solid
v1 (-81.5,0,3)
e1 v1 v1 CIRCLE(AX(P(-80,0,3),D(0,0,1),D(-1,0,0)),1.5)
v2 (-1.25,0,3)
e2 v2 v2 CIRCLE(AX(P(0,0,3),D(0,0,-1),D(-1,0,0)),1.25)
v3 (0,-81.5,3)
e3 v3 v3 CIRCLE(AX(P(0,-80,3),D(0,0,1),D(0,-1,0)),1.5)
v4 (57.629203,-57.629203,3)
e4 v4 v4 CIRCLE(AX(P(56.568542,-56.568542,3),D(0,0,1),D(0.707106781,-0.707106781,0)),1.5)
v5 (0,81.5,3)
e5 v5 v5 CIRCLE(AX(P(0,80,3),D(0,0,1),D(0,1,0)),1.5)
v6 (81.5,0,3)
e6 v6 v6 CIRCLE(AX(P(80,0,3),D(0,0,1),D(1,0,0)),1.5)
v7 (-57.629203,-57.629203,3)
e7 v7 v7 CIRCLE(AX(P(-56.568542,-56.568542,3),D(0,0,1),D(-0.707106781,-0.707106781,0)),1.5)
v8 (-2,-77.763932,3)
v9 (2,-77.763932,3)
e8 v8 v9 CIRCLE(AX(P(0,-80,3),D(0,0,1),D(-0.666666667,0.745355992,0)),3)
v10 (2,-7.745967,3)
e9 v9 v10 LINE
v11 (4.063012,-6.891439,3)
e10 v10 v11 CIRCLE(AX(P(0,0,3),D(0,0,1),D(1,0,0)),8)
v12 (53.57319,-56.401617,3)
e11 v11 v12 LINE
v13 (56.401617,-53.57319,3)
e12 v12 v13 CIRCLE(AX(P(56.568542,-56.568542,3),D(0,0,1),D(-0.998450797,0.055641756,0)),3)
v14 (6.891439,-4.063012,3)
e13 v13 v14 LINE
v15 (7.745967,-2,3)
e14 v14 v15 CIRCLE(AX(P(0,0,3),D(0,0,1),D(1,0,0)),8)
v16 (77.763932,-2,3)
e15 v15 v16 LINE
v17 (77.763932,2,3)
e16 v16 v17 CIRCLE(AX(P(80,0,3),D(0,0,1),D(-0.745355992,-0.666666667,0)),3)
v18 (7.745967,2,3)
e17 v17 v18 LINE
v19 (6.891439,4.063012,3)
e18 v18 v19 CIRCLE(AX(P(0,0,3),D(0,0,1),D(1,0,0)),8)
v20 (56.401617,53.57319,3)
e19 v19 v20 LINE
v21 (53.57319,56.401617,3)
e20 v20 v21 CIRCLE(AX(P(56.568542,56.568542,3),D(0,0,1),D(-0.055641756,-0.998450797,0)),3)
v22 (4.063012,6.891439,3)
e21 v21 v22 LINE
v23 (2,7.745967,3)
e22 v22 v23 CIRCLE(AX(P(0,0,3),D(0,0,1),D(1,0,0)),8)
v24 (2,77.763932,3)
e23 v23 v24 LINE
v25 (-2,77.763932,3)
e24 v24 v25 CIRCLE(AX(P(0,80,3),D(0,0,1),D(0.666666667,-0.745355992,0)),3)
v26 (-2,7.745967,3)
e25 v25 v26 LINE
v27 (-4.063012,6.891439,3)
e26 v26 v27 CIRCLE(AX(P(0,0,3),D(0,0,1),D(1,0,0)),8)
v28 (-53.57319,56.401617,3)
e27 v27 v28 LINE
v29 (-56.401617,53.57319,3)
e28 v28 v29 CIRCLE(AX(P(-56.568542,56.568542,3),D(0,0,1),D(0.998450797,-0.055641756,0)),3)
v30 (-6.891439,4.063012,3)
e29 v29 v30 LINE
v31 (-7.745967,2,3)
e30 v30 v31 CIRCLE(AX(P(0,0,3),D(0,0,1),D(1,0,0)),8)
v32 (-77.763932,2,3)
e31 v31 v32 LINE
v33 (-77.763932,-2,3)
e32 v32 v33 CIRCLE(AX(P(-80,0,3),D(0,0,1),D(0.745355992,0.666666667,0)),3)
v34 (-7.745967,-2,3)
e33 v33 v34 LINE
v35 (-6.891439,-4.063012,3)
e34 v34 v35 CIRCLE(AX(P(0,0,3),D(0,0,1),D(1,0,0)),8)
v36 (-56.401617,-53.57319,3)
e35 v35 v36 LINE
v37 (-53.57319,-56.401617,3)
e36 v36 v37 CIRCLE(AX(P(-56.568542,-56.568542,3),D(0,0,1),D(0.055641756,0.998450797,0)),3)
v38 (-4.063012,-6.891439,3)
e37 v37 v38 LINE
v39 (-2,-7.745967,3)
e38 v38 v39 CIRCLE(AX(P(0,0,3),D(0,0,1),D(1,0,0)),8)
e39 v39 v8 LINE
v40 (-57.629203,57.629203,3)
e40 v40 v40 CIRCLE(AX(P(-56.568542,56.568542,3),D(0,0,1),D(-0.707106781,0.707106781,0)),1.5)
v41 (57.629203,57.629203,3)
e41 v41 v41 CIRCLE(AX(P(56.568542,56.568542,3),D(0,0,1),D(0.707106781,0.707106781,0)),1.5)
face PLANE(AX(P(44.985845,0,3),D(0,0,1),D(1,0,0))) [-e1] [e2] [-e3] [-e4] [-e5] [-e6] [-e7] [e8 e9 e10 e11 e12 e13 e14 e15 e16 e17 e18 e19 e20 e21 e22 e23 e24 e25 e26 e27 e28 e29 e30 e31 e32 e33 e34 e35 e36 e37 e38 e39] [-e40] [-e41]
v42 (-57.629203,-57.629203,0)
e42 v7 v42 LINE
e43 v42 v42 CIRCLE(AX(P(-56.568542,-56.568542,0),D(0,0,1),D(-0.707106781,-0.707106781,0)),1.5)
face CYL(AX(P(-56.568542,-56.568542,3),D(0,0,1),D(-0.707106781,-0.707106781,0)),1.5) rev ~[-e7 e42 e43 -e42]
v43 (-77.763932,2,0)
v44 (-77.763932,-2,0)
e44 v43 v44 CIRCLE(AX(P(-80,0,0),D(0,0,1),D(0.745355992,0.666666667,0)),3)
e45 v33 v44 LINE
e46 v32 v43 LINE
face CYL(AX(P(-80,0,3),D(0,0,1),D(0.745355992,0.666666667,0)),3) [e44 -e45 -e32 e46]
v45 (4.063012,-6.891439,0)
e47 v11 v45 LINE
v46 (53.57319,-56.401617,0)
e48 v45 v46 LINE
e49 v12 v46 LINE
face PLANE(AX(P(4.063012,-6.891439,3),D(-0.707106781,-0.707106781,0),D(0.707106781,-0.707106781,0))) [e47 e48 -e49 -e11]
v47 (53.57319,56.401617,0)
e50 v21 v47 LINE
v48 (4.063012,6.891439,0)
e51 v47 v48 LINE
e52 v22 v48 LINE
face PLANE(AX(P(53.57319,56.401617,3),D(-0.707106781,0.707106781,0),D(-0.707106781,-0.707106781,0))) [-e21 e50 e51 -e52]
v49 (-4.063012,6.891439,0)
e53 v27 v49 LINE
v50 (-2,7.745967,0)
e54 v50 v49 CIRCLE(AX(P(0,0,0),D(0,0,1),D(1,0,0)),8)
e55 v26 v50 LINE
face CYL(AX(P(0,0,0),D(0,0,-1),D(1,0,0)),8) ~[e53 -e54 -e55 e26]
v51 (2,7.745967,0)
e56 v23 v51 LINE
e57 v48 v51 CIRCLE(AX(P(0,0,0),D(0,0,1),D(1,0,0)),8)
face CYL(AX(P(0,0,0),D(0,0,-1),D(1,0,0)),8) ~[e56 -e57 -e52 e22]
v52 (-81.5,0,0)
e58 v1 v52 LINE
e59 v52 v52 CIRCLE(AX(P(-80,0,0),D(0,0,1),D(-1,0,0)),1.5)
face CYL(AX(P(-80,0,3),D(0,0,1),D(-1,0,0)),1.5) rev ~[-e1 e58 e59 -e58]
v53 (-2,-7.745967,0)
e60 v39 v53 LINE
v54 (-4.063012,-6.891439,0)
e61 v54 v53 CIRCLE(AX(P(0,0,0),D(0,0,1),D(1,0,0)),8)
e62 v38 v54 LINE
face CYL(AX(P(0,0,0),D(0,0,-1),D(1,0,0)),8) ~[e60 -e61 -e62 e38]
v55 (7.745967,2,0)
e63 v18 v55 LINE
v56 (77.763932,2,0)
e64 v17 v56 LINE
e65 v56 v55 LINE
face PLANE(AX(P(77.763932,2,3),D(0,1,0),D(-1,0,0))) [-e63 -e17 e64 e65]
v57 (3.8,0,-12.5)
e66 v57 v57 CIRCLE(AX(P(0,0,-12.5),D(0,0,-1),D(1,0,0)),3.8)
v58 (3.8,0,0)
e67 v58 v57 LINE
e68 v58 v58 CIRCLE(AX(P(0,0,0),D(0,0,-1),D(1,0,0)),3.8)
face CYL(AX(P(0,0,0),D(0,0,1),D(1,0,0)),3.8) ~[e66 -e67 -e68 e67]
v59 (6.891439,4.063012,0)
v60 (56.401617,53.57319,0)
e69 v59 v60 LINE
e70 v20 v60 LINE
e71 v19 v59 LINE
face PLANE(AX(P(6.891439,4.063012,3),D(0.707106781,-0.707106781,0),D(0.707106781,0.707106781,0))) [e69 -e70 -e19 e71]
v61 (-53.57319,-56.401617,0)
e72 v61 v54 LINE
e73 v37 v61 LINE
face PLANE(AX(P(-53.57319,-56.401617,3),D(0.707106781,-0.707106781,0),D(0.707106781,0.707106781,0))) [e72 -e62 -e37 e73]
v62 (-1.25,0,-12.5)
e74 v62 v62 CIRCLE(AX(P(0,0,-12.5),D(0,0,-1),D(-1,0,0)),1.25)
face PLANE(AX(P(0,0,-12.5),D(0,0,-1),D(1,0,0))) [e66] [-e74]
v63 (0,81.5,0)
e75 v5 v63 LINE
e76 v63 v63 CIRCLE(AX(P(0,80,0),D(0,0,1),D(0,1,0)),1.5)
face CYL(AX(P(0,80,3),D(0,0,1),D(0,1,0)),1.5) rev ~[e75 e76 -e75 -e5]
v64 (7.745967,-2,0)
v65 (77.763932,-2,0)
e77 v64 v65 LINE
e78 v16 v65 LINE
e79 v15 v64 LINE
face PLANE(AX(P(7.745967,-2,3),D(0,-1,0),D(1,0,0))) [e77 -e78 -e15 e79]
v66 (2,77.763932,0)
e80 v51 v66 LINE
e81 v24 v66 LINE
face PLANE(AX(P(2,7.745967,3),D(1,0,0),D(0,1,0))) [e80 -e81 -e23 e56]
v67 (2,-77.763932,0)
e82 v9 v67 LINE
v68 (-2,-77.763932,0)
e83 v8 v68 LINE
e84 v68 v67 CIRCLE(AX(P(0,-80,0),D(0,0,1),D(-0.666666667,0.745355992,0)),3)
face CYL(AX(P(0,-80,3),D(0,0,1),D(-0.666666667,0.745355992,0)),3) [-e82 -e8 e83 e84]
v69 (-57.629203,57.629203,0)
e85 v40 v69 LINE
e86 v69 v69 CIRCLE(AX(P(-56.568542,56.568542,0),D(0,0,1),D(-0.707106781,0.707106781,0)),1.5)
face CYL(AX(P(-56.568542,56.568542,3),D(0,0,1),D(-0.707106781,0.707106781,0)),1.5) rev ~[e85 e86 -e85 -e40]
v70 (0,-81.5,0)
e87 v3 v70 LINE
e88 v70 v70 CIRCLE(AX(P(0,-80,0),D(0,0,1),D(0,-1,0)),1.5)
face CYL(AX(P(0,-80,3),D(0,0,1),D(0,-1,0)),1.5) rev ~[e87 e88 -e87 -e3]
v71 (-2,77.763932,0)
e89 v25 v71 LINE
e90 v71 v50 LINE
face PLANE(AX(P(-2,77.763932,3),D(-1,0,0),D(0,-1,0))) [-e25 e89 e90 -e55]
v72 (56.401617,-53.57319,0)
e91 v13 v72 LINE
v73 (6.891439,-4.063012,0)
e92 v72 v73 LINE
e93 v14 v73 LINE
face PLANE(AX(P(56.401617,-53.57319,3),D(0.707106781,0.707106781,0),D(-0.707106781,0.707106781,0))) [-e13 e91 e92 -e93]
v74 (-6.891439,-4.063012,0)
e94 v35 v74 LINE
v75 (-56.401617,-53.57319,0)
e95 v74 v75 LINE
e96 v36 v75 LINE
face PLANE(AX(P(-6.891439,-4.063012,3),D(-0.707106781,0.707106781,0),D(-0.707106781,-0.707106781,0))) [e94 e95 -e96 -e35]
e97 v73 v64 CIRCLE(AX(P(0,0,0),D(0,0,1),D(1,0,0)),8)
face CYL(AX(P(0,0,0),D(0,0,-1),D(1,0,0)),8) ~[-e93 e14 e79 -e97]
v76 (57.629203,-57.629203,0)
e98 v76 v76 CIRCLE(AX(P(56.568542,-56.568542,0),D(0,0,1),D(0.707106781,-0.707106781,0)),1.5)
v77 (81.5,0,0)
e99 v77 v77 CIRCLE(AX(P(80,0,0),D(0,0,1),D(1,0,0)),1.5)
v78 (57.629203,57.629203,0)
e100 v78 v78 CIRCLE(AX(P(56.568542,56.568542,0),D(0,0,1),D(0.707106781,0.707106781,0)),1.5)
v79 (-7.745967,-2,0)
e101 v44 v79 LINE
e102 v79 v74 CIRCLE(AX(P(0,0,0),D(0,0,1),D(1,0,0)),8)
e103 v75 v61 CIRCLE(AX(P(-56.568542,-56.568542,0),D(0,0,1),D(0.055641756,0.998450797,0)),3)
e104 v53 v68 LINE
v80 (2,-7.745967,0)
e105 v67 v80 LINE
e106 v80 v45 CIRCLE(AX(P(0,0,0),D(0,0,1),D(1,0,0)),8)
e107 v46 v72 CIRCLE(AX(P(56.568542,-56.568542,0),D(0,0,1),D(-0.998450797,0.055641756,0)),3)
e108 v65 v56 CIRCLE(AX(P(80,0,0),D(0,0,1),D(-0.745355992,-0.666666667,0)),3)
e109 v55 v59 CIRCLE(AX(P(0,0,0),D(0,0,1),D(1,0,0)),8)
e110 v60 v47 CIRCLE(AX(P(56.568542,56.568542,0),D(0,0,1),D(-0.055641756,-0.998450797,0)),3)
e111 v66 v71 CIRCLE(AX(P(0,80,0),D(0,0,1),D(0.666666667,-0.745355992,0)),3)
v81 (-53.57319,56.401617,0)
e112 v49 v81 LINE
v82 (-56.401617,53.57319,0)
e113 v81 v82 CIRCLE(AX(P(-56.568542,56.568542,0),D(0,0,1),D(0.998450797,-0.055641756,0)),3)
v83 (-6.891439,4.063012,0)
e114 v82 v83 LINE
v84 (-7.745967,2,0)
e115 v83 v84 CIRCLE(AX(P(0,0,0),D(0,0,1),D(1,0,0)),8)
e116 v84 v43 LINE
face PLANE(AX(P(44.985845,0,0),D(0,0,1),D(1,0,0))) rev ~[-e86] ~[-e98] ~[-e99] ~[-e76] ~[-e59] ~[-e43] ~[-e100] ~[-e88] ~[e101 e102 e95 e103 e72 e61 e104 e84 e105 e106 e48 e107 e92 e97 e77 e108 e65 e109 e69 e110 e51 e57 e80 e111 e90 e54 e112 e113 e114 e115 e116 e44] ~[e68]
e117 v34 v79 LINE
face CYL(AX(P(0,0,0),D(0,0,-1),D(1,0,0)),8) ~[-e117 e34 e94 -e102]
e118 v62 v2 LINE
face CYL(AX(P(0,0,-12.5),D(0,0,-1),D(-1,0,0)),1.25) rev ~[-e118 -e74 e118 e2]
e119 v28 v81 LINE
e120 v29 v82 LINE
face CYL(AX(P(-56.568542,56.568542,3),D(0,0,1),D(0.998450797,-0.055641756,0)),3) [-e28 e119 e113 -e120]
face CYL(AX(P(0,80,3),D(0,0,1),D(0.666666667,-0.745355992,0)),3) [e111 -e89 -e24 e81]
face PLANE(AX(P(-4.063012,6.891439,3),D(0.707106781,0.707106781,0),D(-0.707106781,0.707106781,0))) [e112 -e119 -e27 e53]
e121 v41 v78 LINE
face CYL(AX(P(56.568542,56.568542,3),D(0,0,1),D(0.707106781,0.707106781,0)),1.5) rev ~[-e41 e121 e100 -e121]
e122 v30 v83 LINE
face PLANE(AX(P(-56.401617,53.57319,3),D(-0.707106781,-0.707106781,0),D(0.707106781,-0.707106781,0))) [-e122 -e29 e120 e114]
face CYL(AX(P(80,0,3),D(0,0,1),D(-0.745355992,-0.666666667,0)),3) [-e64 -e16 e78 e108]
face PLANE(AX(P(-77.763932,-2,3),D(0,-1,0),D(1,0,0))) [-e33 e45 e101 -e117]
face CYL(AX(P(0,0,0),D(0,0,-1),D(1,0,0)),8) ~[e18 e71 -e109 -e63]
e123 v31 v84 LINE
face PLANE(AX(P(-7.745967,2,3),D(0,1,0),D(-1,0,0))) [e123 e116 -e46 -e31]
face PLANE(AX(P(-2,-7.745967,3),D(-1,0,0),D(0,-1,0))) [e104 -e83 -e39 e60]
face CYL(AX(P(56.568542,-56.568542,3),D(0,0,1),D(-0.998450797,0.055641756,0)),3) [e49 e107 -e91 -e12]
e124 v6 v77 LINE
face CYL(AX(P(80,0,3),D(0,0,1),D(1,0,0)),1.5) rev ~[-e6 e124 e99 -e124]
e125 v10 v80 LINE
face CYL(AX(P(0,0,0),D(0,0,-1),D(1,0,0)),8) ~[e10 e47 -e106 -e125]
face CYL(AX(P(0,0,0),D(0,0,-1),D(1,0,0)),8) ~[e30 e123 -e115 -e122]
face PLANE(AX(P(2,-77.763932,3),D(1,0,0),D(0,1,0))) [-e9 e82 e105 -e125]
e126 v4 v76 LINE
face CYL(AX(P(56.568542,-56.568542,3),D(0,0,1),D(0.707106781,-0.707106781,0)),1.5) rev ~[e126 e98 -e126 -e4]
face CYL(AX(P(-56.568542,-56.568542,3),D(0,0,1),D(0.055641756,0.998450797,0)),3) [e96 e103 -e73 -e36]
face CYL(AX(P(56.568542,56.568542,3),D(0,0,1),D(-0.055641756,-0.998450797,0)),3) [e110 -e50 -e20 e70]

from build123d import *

# Parameters (mm, degrees)
SKETCH_1_R               = 8
EXTRUDE_1_DEPTH          = 3
SKETCH_2_R               = 1.5
EXTRUDE_760_DEPTH        = 3
PATTERN_CIRCULAR_3_COUNT = 8
SKETCH_3_R               = 3.8
EXTRUDE_3_DEPTH          = 12.5
SKETCH_4_R               = 1.25
CUT_EXTRUDE_1_DEPTH      = 119.398690871


with BuildPart() as part:
    # 草图1 → 凸台-拉伸1 (new body)
    with BuildSketch(Plane.XY):
        Circle(SKETCH_1_R)
    extrude(amount=EXTRUDE_1_DEPTH)

    # 草图2 → Extrude 760 (add)
    with BuildSketch(Plane.XY.offset(3)):
        with BuildLine():
            ThreePointArc((7.745966692, 2), (8, 0), (7.745966692, -2))
            Line((7.745966692, -2), (77.763932023, -2))
            ThreePointArc((77.763932023, -2), (83, 0), (77.763932023, 2))
            Line((77.763932023, 2), (7.745966692, 2))
        make_face()
        with Locations((80, 0)):
            Circle(SKETCH_2_R, mode=Mode.SUBTRACT)
    extrude_760 = extrude(amount=-EXTRUDE_760_DEPTH)

    # 阵列(圆周)3: Extrude 760 ×8 about axis
    pattern_circular_3_axis = Axis((0, 0, 0), (0, 0, 1))
    for i in range(1, PATTERN_CIRCULAR_3_COUNT):
        add(extrude_760.rotate(pattern_circular_3_axis, i * 360 / PATTERN_CIRCULAR_3_COUNT))

    # 草图3 → 凸台-拉伸3 (add)
    with BuildSketch(Plane(origin=(0, 0, 0), x_dir=(-1, 0, 0), z_dir=(0, 0, -1))):
        with Locations(Location((0, 0, 0), (0, 0, 180))):
            Circle(SKETCH_3_R)
    extrude(amount=EXTRUDE_3_DEPTH)

    # 草图4 → 切除-拉伸1 (cut, through all)
    with BuildSketch(Plane(origin=(0, 0, -12.5), x_dir=(-1, 0, 0), z_dir=(0, 0, -1))):
        Circle(SKETCH_4_R)
    extrude(amount=-CUT_EXTRUDE_1_DEPTH, mode=Mode.SUBTRACT)


solid = part.part
